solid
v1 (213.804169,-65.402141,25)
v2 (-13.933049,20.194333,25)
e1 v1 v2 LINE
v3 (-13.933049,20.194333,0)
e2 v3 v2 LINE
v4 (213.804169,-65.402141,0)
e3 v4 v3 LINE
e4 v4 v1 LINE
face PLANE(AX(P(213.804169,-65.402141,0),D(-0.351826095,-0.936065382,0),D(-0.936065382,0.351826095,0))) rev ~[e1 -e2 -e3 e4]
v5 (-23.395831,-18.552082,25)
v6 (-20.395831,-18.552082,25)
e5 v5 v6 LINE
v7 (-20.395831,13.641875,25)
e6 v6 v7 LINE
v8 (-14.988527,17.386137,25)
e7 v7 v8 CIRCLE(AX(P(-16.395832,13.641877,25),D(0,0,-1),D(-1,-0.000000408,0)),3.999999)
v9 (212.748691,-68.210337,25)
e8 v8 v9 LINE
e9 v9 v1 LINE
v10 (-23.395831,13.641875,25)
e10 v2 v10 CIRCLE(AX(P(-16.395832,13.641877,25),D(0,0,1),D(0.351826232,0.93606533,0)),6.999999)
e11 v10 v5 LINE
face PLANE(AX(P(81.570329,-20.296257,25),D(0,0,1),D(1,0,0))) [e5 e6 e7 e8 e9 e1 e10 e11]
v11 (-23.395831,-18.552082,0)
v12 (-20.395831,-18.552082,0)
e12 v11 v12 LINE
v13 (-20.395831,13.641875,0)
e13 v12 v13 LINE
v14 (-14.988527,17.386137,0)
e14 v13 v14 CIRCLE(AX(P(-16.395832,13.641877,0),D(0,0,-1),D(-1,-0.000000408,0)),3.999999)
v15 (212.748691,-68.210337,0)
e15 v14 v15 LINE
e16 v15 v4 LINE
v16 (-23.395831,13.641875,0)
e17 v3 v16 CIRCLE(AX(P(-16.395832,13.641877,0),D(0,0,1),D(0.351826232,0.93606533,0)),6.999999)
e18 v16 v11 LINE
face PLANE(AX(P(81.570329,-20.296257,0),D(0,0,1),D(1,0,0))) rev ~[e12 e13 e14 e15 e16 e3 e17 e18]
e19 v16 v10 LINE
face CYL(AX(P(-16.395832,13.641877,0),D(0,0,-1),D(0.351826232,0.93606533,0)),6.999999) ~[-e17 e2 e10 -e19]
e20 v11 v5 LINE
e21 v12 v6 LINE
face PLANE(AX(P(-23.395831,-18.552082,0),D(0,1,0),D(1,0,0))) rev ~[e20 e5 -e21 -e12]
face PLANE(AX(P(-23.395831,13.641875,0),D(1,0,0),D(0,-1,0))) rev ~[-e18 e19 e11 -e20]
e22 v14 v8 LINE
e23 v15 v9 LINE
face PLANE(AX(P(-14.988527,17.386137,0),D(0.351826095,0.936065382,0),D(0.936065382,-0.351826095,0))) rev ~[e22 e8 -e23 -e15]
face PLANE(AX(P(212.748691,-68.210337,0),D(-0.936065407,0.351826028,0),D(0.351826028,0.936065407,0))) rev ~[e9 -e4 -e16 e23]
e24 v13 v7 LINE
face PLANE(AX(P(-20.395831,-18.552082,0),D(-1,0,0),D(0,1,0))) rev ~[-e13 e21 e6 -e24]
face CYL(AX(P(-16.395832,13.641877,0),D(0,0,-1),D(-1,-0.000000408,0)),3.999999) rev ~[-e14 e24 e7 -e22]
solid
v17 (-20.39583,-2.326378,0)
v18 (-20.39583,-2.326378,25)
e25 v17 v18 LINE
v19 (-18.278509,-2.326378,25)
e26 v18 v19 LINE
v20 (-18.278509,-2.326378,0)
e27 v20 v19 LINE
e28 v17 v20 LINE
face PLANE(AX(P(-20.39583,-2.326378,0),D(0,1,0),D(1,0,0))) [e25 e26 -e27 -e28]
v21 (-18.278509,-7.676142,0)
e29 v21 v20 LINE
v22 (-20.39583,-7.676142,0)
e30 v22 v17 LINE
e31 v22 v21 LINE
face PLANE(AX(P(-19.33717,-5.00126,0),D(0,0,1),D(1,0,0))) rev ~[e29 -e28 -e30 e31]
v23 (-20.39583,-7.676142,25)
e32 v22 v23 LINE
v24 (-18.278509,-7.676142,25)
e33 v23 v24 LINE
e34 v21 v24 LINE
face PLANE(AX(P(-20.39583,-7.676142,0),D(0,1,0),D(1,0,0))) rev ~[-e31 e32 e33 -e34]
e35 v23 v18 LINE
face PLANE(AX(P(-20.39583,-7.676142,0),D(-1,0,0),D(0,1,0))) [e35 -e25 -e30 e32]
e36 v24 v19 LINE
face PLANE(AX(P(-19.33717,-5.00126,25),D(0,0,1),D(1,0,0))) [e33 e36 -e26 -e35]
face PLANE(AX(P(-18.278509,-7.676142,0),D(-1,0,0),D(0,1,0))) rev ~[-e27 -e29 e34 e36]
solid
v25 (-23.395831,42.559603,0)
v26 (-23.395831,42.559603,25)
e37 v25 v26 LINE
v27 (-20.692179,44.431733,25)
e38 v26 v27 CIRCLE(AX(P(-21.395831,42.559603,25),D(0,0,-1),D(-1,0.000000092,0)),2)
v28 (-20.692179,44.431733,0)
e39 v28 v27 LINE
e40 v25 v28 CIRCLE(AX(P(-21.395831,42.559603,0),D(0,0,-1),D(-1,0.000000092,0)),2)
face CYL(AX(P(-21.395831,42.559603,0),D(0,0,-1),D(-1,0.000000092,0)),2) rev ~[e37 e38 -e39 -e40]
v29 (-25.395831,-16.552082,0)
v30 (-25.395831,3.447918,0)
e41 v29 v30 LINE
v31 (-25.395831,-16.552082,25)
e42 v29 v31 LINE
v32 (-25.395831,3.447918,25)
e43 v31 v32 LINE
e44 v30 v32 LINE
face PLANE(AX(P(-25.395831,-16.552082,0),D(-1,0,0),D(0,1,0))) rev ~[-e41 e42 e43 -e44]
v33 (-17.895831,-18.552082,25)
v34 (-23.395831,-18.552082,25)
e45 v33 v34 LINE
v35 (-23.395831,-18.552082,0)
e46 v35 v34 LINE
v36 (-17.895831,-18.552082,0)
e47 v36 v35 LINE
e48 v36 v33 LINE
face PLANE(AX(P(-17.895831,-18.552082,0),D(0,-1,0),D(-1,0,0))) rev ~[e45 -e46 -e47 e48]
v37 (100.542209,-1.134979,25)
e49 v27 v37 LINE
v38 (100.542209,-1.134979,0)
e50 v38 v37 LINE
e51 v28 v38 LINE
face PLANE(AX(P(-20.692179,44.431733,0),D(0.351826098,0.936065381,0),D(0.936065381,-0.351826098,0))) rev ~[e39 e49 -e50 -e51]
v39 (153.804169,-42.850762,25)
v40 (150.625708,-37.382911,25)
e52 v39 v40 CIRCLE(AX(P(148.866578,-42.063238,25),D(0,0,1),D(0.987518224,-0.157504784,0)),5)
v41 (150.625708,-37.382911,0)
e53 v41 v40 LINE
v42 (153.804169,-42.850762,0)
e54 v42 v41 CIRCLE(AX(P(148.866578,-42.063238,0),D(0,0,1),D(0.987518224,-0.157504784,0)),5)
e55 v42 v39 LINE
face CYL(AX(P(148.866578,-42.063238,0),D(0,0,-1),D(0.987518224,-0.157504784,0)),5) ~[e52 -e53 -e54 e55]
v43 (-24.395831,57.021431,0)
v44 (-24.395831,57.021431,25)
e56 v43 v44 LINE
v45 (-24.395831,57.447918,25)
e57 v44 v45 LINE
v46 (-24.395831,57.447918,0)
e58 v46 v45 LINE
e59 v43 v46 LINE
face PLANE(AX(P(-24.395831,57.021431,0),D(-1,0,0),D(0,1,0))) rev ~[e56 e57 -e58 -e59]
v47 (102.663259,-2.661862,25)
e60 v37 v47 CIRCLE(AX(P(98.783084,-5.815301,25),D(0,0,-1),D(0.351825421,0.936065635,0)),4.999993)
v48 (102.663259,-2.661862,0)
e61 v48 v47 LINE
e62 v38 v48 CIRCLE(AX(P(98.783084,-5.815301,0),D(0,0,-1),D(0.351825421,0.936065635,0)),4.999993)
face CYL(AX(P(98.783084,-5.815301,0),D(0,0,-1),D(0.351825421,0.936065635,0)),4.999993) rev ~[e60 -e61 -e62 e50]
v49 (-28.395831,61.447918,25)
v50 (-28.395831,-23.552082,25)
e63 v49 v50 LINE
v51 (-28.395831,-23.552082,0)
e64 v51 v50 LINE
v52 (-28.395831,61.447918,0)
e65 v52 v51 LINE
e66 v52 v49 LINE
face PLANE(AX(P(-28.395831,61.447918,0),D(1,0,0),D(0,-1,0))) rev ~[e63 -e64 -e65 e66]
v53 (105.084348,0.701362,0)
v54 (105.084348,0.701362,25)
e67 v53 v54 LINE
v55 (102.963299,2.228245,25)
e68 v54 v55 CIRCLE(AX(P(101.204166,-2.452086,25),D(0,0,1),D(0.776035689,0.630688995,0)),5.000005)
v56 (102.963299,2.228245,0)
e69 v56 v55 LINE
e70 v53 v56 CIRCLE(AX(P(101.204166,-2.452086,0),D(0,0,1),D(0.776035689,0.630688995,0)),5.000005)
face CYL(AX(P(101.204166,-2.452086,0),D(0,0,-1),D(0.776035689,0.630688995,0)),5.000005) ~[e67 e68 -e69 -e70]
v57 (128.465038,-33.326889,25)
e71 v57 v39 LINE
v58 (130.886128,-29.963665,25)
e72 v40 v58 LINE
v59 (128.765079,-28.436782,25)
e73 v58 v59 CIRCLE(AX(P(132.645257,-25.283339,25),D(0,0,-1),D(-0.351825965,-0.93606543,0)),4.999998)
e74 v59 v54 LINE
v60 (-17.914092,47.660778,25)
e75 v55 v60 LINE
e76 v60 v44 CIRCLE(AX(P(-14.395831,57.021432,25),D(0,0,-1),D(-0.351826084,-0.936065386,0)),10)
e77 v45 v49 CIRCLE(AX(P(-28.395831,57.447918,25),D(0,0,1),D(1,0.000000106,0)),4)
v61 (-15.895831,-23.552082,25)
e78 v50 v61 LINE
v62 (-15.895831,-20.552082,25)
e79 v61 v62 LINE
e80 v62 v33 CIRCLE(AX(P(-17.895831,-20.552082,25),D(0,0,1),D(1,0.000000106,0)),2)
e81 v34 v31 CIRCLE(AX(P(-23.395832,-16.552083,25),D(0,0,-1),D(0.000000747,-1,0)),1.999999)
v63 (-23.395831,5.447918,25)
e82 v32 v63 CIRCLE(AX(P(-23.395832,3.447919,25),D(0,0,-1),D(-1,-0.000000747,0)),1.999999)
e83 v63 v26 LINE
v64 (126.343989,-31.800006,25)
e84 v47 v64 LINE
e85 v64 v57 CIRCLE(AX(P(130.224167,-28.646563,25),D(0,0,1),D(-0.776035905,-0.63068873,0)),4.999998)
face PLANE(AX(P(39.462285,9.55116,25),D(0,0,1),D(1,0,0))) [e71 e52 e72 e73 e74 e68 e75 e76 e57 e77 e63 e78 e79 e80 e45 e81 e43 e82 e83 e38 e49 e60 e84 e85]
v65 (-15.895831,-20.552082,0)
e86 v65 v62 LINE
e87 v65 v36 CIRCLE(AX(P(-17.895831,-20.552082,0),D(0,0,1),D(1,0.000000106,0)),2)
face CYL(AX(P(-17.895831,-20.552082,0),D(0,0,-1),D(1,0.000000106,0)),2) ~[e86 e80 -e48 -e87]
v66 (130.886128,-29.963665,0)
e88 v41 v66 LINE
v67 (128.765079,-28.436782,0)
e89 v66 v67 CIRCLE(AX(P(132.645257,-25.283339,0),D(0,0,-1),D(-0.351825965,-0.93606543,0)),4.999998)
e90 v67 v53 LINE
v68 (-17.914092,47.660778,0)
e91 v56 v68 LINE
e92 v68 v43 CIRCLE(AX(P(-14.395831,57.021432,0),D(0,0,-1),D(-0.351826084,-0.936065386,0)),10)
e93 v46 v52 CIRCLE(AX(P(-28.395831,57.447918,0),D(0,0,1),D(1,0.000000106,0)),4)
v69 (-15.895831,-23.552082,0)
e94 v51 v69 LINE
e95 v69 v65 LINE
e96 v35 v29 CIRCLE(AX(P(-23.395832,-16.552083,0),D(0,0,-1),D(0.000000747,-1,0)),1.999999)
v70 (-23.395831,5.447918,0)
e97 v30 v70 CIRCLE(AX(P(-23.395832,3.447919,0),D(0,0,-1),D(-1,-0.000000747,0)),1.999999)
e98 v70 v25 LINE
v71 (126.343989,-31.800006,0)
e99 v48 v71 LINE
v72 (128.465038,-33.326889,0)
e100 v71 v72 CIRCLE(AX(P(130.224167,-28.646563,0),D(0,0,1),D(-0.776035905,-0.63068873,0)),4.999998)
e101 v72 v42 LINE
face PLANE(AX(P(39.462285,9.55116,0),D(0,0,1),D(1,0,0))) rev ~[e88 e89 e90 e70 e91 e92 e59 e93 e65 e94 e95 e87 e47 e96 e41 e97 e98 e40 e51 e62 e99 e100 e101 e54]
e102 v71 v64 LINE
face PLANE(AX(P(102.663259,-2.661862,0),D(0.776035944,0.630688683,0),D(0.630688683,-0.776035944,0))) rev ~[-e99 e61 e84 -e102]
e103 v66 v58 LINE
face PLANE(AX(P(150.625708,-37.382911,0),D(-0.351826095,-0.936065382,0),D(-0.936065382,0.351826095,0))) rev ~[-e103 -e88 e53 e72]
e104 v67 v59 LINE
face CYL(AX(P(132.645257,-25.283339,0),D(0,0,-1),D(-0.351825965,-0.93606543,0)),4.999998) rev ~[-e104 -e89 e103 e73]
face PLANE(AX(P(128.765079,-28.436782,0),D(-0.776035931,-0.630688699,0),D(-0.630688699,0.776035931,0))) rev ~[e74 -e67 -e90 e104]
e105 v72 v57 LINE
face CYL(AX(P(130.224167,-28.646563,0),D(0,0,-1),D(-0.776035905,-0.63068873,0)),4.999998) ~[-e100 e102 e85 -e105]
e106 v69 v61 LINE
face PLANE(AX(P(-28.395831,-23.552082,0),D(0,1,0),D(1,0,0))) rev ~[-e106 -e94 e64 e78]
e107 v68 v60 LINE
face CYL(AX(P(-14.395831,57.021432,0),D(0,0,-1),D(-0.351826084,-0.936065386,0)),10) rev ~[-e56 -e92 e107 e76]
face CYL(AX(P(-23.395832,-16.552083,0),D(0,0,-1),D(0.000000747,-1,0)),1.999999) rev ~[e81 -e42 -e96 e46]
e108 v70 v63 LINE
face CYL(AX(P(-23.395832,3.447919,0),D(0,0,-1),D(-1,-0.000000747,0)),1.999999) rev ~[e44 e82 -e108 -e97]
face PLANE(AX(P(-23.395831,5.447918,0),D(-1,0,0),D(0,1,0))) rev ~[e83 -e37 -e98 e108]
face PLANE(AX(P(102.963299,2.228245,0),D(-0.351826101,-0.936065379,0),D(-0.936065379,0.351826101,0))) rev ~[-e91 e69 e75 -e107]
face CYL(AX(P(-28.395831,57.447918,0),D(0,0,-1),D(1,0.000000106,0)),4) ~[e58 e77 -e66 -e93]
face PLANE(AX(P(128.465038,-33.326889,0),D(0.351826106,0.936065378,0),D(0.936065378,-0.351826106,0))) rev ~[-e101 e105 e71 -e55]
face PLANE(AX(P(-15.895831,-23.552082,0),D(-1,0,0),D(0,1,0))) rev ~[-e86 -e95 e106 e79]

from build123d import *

# Parameters (mm, degrees)
F3_DEPTH = 25
F4_DEPTH = 25
F2_W     = 2.117321
F2_H     = 5.349764
F5_DEPTH = 25


with BuildPart() as f3:
    # F0 (on Top) → F3 (new body)
    with BuildSketch(Plane.XY):
        with BuildLine():
            Line((-28.395831, 61.447918), (-28.395831, -23.552082))
            Line((-28.395831, -23.552082), (-15.895831, -23.552082))
            Line((-15.895831, -23.552082), (-15.895831, -20.552082))
            ThreePointArc((-15.895831, -20.552082), (-16.481618, -19.137868), (-17.895831, -18.552082))
            Line((-17.895831, -18.552082), (-23.395831, -18.552082))
            ThreePointArc((-23.395831, -18.552082), (-24.810045, -17.966296), (-25.395831, -16.552082))
            Line((-25.395831, -16.552082), (-25.395831, 3.447918))
            ThreePointArc((-25.395831, 3.447918), (-24.810045, 4.862132), (-23.395831, 5.447918))
            Line((-23.395831, 5.447918), (-23.395831, 42.559603))
            ThreePointArc((-23.395831, 42.559603), (-22.534404, 44.203881), (-20.692179, 44.431733))
            Line((-20.692179, 44.431733), (100.542209, -1.134979))
            ThreePointArc((100.542209, -1.134979), (101.70426, -1.757387), (102.663259, -2.661862))
            Line((102.663259, -2.661862), (126.343989, -31.800006))
            ThreePointArc((126.343989, -31.800006), (127.302988, -32.704481), (128.465038, -33.326889))
            Line((128.465038, -33.326889), (153.804169, -42.850762))
            ThreePointArc((153.804169, -42.850762), (153.189293, -39.550444), (150.625708, -37.382911))
            Line((150.625708, -37.382911), (130.886128, -29.963665))
            ThreePointArc((130.886128, -29.963665), (129.724078, -29.341257), (128.765079, -28.436782))
            Line((128.765079, -28.436782), (105.084348, 0.701362))
            ThreePointArc((105.084348, 0.701362), (104.12535, 1.605836), (102.963299, 2.228245))
            Line((102.963299, 2.228245), (-17.914092, 47.660778))
            ThreePointArc((-17.914092, 47.660778), (-22.617224, 51.328568), (-24.395831, 57.021431))
            Line((-24.395831, 57.021431), (-24.395831, 57.447918))
            ThreePointArc((-24.395831, 57.447918), (-25.567404, 60.276345), (-28.395831, 61.447918))
        make_face()
    extrude(amount=F3_DEPTH)


with BuildPart() as f4:
    # F1 (on Top) → F4 (new body)
    with BuildSketch(Plane.XY):
        with BuildLine():
            Line((-23.395831, 13.641875), (-23.395831, -18.552082))
            Line((-23.395831, -18.552082), (-20.395831, -18.552082))
            Line((-20.395831, -18.552082), (-20.395831, 13.641875))
            ThreePointArc((-20.395831, 13.641875), (-18.672977, 16.930433), (-14.988527, 17.386137))
            Line((-14.988527, 17.386137), (212.748691, -68.210337))
            Line((212.748691, -68.210337), (213.804169, -65.402141))
            Line((213.804169, -65.402141), (-13.933049, 20.194333))
            ThreePointArc((-13.933049, 20.194333), (-20.380836, 19.396851), (-23.395831, 13.641875))
        make_face()
    extrude(amount=F4_DEPTH)


with BuildPart() as f5:
    # F2 (on Top) → F5 (new body)
    with BuildSketch(Plane.XY):
        with Locations((-19.33717, -5.00126)):
            Rectangle(F2_W, F2_H)
    extrude(amount=F5_DEPTH)


solid = Compound([f3.part, f4.part, f5.part])
